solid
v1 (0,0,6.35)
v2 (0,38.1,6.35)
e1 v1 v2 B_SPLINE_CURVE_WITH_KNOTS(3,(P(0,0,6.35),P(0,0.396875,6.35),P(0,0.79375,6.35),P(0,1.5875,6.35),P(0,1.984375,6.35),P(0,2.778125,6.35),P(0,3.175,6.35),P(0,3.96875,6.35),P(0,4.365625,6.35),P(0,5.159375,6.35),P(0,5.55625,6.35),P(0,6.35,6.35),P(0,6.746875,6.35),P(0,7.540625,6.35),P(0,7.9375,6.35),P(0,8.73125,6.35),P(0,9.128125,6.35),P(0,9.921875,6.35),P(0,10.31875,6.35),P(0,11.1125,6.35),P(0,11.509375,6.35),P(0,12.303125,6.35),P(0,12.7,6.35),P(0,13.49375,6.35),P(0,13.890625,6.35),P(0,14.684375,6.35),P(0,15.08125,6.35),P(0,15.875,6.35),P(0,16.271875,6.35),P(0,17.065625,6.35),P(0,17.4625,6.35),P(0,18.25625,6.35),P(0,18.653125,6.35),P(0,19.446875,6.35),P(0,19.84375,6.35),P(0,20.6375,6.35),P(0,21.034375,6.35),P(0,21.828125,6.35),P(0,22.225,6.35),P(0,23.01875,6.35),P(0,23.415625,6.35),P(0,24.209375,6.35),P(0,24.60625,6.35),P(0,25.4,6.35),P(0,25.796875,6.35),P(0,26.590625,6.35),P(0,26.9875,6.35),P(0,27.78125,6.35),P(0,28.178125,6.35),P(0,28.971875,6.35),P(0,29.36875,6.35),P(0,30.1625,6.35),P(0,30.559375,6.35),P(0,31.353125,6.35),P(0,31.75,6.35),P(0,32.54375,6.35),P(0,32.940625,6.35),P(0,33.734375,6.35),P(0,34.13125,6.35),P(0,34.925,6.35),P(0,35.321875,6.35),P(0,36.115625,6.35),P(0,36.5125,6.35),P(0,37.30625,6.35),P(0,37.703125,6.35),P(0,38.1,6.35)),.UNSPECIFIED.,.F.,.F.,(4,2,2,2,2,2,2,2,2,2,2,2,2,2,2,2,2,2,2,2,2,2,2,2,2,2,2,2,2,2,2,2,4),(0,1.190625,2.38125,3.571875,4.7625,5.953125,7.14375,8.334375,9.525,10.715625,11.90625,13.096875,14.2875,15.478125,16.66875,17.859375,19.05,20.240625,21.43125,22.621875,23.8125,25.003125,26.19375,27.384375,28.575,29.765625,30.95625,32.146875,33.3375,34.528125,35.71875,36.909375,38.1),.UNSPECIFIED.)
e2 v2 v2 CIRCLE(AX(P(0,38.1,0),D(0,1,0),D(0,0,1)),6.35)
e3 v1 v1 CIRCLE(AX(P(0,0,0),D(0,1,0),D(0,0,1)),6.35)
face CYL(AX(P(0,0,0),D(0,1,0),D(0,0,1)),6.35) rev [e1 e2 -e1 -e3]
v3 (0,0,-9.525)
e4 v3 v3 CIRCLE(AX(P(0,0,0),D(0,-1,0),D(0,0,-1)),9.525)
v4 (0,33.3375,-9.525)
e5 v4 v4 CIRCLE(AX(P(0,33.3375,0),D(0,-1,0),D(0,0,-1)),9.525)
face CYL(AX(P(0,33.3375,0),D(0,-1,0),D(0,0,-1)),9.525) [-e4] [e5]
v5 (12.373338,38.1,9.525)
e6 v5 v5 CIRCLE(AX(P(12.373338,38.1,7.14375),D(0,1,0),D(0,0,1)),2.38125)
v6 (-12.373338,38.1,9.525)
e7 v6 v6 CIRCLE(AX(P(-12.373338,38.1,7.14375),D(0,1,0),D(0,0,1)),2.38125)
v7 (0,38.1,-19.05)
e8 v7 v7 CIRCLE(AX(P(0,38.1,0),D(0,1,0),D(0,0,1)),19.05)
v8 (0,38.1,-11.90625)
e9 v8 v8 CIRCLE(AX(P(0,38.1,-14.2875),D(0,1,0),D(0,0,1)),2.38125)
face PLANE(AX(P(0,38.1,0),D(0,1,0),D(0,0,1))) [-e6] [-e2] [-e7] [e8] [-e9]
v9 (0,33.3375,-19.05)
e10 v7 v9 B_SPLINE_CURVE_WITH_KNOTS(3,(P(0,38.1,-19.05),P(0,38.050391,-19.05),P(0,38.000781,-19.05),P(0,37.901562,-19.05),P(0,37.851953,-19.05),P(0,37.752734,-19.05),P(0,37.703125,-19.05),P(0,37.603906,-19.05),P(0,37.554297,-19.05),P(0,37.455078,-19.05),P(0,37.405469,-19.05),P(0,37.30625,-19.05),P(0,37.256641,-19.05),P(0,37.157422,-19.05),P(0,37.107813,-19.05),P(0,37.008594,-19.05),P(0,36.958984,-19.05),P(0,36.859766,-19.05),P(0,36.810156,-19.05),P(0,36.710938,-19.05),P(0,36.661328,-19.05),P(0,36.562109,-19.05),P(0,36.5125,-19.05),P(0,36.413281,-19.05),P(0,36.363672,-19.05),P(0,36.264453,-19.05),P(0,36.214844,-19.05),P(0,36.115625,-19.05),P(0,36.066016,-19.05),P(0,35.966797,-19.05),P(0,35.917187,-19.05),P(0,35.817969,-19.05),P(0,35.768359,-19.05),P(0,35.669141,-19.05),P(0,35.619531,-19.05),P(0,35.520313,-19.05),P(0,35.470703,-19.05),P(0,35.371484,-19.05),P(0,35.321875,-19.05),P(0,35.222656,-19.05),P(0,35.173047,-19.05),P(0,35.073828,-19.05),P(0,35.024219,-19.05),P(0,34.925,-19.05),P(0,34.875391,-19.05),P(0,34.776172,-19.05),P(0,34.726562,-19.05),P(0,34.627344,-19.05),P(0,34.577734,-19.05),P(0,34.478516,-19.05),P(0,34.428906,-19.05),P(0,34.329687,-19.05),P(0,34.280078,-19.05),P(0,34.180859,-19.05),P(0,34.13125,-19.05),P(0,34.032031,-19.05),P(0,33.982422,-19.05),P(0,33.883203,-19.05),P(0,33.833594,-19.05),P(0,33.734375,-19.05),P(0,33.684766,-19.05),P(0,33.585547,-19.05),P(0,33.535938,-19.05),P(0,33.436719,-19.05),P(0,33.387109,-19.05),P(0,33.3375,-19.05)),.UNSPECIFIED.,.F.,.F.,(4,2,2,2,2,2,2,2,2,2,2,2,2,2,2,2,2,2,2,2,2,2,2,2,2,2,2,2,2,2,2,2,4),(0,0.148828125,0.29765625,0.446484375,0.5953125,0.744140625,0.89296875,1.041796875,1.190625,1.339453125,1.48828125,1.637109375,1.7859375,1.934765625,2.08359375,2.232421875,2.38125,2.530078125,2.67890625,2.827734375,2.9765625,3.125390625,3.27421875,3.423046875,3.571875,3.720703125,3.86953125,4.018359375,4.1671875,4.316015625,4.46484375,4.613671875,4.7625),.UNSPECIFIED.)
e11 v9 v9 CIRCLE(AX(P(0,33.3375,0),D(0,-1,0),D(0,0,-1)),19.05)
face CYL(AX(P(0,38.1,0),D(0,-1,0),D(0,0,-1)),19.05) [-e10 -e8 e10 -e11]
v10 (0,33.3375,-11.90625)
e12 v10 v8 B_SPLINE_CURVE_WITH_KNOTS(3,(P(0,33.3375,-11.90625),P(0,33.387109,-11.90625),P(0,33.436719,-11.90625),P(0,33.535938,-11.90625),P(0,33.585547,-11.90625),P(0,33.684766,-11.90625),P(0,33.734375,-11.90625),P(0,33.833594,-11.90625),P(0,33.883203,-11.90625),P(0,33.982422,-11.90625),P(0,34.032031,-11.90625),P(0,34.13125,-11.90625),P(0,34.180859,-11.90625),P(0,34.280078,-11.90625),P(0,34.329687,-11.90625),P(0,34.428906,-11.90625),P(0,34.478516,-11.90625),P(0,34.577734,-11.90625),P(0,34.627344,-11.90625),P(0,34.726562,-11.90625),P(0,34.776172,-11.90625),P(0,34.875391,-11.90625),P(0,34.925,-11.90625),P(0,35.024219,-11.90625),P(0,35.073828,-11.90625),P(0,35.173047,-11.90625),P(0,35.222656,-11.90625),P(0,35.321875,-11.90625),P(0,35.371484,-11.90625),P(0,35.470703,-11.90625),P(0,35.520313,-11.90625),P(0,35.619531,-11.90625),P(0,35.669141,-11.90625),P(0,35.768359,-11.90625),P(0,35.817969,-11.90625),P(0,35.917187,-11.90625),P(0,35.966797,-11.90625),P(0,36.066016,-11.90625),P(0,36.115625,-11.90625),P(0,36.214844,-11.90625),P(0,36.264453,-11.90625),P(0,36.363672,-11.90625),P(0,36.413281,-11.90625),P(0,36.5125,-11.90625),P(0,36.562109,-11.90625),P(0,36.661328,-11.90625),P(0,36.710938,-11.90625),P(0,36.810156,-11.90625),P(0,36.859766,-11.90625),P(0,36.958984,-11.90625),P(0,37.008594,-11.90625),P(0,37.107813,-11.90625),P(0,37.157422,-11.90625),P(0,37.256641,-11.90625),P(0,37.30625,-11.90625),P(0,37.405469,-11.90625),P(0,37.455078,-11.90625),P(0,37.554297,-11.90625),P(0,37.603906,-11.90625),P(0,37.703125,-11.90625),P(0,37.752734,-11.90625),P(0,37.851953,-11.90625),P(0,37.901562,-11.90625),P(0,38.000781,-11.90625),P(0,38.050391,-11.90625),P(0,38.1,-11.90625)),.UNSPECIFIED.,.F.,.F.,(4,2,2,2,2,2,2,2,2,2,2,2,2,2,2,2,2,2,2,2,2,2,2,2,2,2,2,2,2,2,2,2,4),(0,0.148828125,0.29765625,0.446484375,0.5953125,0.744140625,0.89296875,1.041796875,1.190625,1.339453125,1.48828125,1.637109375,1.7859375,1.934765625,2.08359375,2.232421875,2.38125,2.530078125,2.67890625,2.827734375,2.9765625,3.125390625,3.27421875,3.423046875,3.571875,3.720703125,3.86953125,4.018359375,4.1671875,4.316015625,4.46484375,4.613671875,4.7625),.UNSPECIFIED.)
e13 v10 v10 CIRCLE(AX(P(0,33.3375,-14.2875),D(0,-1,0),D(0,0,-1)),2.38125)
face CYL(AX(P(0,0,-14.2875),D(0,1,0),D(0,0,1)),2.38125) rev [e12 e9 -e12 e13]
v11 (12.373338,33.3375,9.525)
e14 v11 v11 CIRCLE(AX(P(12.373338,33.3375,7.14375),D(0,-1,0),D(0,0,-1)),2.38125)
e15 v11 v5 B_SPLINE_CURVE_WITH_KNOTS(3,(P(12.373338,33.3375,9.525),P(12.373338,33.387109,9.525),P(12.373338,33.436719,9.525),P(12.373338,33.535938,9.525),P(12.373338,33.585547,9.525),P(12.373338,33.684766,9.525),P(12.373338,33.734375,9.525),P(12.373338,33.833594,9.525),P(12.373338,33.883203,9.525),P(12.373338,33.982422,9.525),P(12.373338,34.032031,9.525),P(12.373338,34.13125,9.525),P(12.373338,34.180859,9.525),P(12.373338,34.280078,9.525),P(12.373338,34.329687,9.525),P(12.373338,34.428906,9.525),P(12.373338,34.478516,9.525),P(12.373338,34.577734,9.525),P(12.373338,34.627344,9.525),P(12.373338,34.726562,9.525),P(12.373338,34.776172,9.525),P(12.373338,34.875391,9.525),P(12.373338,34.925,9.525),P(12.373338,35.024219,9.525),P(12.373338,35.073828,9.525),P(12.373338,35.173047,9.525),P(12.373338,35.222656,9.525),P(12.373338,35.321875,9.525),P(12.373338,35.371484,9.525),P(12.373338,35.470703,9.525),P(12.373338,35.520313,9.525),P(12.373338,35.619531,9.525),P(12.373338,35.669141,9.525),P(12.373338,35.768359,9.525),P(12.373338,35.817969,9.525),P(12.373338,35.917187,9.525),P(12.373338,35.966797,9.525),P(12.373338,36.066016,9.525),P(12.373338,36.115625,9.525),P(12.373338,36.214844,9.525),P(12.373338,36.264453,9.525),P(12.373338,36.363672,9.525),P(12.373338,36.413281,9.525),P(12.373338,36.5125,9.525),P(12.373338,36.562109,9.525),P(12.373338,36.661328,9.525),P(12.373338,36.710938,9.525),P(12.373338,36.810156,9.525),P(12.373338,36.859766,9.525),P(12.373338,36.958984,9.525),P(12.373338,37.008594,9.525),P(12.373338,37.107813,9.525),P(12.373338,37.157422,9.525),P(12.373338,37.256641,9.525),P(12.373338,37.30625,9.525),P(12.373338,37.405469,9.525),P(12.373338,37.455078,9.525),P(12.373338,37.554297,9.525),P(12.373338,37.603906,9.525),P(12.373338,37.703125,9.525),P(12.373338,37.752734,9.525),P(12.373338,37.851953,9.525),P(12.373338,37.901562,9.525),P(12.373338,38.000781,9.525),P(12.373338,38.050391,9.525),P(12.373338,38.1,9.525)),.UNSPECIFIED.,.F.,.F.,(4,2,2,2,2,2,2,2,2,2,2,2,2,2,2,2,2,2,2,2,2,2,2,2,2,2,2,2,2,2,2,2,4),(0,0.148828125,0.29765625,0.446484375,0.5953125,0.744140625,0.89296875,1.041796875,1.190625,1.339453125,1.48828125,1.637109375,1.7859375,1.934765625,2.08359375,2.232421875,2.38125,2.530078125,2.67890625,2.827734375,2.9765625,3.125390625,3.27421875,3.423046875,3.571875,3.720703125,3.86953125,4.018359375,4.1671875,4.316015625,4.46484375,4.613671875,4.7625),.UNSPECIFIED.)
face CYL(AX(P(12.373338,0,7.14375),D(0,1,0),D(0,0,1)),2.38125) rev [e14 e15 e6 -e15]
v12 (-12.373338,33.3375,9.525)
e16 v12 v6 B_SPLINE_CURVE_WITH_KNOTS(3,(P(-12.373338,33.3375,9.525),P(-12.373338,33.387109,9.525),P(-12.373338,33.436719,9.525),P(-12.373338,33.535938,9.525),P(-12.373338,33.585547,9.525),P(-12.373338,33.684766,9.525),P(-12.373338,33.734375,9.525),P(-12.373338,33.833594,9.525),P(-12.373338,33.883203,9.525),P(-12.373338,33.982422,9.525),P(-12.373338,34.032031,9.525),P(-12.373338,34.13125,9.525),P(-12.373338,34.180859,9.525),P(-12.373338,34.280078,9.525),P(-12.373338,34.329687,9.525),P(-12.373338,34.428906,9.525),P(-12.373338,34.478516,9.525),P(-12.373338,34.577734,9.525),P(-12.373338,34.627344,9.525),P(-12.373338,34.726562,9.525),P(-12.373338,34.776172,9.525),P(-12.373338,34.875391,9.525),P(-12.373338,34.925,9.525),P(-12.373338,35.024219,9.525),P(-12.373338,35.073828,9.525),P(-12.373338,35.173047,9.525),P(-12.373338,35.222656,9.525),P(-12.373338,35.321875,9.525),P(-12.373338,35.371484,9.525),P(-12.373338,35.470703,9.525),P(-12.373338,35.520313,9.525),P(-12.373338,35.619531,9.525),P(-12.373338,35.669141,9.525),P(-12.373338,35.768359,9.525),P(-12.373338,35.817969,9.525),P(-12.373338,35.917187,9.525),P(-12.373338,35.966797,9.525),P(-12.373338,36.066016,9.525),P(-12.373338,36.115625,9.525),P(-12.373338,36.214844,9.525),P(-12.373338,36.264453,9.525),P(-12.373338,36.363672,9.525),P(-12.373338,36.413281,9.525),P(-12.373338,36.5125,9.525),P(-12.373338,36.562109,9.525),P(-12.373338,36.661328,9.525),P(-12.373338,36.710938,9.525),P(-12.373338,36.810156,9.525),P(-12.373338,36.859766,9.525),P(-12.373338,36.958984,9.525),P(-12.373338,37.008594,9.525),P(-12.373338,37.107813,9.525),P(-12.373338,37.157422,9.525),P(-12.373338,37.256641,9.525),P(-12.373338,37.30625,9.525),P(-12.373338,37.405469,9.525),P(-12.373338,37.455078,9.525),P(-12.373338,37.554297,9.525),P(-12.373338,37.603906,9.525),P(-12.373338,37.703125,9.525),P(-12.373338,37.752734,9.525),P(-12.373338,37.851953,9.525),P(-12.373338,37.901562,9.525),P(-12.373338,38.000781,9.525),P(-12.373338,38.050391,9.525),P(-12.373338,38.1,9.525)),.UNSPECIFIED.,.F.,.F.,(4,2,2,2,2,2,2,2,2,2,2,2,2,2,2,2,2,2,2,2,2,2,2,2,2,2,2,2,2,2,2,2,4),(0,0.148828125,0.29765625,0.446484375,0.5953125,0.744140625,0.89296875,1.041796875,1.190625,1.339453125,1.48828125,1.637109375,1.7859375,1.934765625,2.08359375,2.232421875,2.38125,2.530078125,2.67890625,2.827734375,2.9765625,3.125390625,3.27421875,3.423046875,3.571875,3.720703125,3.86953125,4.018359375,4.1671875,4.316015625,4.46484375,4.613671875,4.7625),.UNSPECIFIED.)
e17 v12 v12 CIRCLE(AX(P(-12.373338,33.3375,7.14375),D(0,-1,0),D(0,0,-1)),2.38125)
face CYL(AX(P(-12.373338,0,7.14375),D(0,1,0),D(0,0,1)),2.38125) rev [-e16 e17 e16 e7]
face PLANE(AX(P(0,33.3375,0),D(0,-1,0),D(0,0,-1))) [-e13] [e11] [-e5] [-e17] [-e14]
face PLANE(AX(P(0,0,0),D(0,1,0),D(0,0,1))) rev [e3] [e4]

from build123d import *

# Parameters (mm, degrees)
SKETCH1_R           = 19.05
BOSS_EXTRUDE1_DEPTH = 38.1
SKETCH2_R           = 19.05
SKETCH2_R_2         = 9.525
CUT_EXTRUDE1_DEPTH  = 33.3375
SKETCH3_R           = 6.35
SKETCH3_R_2         = 2.38125
CUT_EXTRUDE2_DEPTH  = 38.1


with BuildPart() as part:
    # Sketch1 → Boss-Extrude1 (new body)
    with BuildSketch(Plane(origin=(0, 0, 0), x_dir=(1, 0, 0), z_dir=(0, 1, 0))):
        with Locations(Location((0, 0, 0), (0, 0, 90))):
            Circle(SKETCH1_R)
    extrude(amount=BOSS_EXTRUDE1_DEPTH)

    # Sketch2 → Cut-Extrude1 (cut)
    with BuildSketch(Plane.XZ):
        with Locations(Location((0, 0, 0), (0, 0, 270))):
            Circle(SKETCH2_R)
        with Locations(Location((0, 0, 0), (0, 0, 270))):
            Circle(SKETCH2_R_2, mode=Mode.SUBTRACT)
    extrude(amount=-CUT_EXTRUDE1_DEPTH, mode=Mode.SUBTRACT)

    # Sketch3 → Cut-Extrude2 (cut)
    with BuildSketch(Plane(origin=(0, 38.1, 0), x_dir=(1, 0, 0), z_dir=(0, 1, 0))):
        with Locations(Location((0, 0, 0), (0, 0, 270))):
            Circle(SKETCH3_R)
        with Locations(Location((0, 14.2875, 0), (0, 0, 270))):
            Circle(SKETCH3_R_2)
        with Locations(Location((12.373337957, -7.14375, 0), (0, 0, 270))):
            Circle(SKETCH3_R_2)
        with Locations(Location((-12.373337957, -7.14375, 0), (0, 0, 270))):
            Circle(SKETCH3_R_2)
    extrude(amount=-CUT_EXTRUDE2_DEPTH, mode=Mode.SUBTRACT)


solid = part.part
